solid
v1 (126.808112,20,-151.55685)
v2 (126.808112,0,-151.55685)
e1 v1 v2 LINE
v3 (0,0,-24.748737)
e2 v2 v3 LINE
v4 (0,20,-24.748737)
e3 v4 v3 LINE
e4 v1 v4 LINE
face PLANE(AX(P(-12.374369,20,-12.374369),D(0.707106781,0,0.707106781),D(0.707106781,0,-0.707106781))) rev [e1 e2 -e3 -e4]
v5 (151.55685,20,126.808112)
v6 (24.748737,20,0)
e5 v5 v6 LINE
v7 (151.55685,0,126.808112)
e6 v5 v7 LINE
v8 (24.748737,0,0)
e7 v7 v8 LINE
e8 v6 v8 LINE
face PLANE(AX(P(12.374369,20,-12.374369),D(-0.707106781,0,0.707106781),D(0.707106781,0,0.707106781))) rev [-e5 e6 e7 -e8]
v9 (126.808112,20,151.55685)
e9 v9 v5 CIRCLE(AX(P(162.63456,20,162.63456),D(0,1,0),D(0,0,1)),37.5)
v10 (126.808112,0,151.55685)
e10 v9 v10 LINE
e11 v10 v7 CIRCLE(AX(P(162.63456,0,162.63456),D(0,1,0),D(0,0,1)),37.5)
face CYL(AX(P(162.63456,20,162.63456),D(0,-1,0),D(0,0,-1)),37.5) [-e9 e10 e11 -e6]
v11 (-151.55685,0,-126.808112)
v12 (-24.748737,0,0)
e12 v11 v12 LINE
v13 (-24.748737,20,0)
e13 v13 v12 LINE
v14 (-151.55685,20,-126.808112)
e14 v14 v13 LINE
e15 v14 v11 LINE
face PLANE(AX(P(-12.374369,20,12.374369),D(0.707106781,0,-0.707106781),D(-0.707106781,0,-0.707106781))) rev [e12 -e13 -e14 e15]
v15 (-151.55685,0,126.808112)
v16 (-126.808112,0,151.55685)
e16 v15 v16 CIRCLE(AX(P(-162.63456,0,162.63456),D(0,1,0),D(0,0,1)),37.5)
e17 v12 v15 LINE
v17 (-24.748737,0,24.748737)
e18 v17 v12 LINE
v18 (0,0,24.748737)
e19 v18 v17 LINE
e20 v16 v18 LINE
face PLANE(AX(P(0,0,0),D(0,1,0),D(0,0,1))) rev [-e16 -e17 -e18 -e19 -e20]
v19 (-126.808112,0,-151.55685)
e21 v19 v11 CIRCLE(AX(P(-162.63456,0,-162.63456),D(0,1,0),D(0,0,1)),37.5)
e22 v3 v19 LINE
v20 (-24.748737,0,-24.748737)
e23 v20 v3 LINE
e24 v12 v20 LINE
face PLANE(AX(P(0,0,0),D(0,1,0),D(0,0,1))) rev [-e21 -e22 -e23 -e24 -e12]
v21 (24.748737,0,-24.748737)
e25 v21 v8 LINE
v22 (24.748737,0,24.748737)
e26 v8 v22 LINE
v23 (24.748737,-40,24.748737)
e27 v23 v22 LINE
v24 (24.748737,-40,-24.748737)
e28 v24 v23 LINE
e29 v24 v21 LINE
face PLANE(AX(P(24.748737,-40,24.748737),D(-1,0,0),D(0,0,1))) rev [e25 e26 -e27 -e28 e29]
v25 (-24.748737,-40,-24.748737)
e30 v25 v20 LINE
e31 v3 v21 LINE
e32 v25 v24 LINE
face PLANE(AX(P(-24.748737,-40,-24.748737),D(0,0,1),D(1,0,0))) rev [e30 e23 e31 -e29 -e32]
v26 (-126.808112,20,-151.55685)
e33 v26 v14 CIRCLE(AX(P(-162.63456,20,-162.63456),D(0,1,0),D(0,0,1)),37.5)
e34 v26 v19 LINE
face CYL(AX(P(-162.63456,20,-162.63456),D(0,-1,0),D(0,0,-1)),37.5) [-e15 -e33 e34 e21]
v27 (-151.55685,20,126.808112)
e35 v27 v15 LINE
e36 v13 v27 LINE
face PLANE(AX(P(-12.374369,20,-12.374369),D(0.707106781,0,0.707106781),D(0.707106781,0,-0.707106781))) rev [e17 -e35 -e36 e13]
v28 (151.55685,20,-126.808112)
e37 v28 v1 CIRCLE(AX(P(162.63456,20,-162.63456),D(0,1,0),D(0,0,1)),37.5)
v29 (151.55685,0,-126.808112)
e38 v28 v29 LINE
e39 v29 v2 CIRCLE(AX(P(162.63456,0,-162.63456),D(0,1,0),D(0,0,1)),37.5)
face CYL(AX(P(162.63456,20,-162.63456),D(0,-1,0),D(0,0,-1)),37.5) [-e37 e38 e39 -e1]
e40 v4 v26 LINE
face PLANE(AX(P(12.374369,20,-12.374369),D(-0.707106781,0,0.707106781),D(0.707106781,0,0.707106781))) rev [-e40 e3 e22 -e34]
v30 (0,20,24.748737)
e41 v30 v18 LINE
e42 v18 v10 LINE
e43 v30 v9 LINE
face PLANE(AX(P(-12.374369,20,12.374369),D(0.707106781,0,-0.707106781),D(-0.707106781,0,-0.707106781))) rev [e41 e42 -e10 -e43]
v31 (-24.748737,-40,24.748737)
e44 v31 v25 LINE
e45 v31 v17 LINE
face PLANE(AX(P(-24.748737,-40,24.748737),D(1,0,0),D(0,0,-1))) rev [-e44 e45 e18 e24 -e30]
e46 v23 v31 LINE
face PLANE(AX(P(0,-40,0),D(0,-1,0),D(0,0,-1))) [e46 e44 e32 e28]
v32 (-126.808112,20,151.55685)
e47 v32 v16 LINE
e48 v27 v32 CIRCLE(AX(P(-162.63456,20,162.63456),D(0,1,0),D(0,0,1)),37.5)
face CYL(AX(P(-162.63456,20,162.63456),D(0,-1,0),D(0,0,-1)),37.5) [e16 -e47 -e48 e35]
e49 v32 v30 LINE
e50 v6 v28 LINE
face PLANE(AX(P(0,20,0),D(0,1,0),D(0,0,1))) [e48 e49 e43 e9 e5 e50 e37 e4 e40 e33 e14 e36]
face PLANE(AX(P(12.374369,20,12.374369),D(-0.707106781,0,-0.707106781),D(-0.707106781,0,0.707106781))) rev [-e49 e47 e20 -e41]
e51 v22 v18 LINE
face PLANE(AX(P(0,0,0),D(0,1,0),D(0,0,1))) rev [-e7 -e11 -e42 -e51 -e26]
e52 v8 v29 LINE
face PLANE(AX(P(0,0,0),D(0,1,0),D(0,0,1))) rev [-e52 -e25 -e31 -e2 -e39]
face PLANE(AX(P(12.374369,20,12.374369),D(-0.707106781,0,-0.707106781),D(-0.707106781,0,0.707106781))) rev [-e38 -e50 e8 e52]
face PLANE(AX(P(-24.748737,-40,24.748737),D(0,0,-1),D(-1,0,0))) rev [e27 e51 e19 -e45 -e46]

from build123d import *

# Parameters (mm, degrees)
BOSS_EXTRUDE1_DEPTH = 20
SKETCH2_W           = 49.497474684
SKETCH2_H           = 49.497474684
BOSS_EXTRUDE2_DEPTH = 40


with BuildPart() as part:
    # Sketch1 → Boss-Extrude1 (new body)
    with BuildSketch(Plane(origin=(0, 0, 0), x_dir=(1, 0, 0), z_dir=(0, 1, 0))):
        with BuildLine():
            ThreePointArc((-126.808112203, -151.556849545), (-136.118055378, -136.118055378), (-151.556849545, -126.808112203))
            Line((-151.556849545, -126.808112203), (-175.008928344, -150.260191002))
            Line((-175.008928344, -150.260191002), (-150.260191002, -175.008928344))
            Line((-150.260191002, -175.008928344), (-126.808112203, -151.556849545))
        make_face()
        with BuildLine():
            Line((-175.008928344, -150.260191002), (-151.556849545, -126.808112203))
            ThreePointArc((-151.556849545, -126.808112203), (-192.814554121, -184.892545545), (-125.134559673, -162.634559673))
            ThreePointArc((-125.134559673, -162.634559673), (-125.555308196, -157.032853688), (-126.808112203, -151.556849545))
            Line((-126.808112203, -151.556849545), (-150.260191002, -175.008928344))
            Line((-150.260191002, -175.008928344), (-175.008928344, -150.260191002))
        make_face()
        with BuildLine():
            Line((-12.374368671, -12.374368671), (-24.748737342, 0))
            Line((-24.748737342, 0), (-151.556849545, -126.808112203))
            ThreePointArc((-151.556849545, -126.808112203), (-136.118055378, -136.118055378), (-126.808112203, -151.556849545))
            Line((-126.808112203, -151.556849545), (0, -24.748737342))
            Line((0, -24.748737342), (-12.374368671, -12.374368671))
        make_face()
        with BuildLine():
            ThreePointArc((-151.556849545, 126.808112203), (-136.118055378, 136.118055378), (-126.808112203, 151.556849545))
            Line((-126.808112203, 151.556849545), (-150.260191002, 175.008928344))
            Line((-150.260191002, 175.008928344), (-175.008928344, 150.260191002))
            Line((-175.008928344, 150.260191002), (-151.556849545, 126.808112203))
        make_face()
        with BuildLine():
            Line((-150.260191002, 175.008928344), (-126.808112203, 151.556849545))
            ThreePointArc((-126.808112203, 151.556849545), (-125.555308196, 157.032853688), (-125.134559673, 162.634559673))
            ThreePointArc((-125.134559673, 162.634559673), (-192.814554121, 184.892545545), (-151.556849545, 126.808112203))
            Line((-151.556849545, 126.808112203), (-175.008928344, 150.260191002))
            Line((-175.008928344, 150.260191002), (-150.260191002, 175.008928344))
        make_face()
        with BuildLine():
            Line((-24.748737342, 0), (-12.374368671, 12.374368671))
            Line((-12.374368671, 12.374368671), (0, 24.748737342))
            Line((0, 24.748737342), (-126.808112203, 151.556849545))
            ThreePointArc((-126.808112203, 151.556849545), (-136.118055378, 136.118055378), (-151.556849545, 126.808112203))
            Line((-151.556849545, 126.808112203), (-24.748737342, 0))
        make_face()
        with BuildLine():
            Line((126.808112203, 151.556849545), (0, 24.748737342))
            Line((0, 24.748737342), (12.374368671, 12.374368671))
            Line((12.374368671, 12.374368671), (24.748737342, 0))
            Line((24.748737342, 0), (151.556849545, 126.808112203))
            ThreePointArc((151.556849545, 126.808112203), (136.118055378, 136.118055378), (126.808112203, 151.556849545))
        make_face()
        with BuildLine():
            ThreePointArc((200.134559673, 162.634559673), (157.032853688, 199.713811149), (126.808112203, 151.556849545))
            Line((126.808112203, 151.556849545), (150.260191002, 175.008928344))
            Line((150.260191002, 175.008928344), (175.008928344, 150.260191002))
            Line((175.008928344, 150.260191002), (151.556849545, 126.808112203))
            ThreePointArc((151.556849545, 126.808112203), (184.892545545, 132.454565224), (200.134559673, 162.634559673))
        make_face()
        with BuildLine():
            Line((150.260191002, 175.008928344), (126.808112203, 151.556849545))
            ThreePointArc((126.808112203, 151.556849545), (136.118055378, 136.118055378), (151.556849545, 126.808112203))
            Line((151.556849545, 126.808112203), (175.008928344, 150.260191002))
            Line((175.008928344, 150.260191002), (150.260191002, 175.008928344))
        make_face()
        with BuildLine():
            Line((24.748737342, 0), (12.374368671, -12.374368671))
            Line((12.374368671, -12.374368671), (0, -24.748737342))
            Line((0, -24.748737342), (126.808112203, -151.556849545))
            ThreePointArc((126.808112203, -151.556849545), (136.118055378, -136.118055378), (151.556849545, -126.808112203))
            Line((151.556849545, -126.808112203), (24.748737342, 0))
        make_face()
        with BuildLine():
            ThreePointArc((200.134559673, -162.634559673), (184.892545545, -132.454565224), (151.556849545, -126.808112203))
            Line((151.556849545, -126.808112203), (175.008928344, -150.260191002))
            Line((175.008928344, -150.260191002), (150.260191002, -175.008928344))
            Line((150.260191002, -175.008928344), (126.808112203, -151.556849545))
            ThreePointArc((126.808112203, -151.556849545), (157.032853688, -199.713811149), (200.134559673, -162.634559673))
        make_face()
        with BuildLine():
            Line((175.008928344, -150.260191002), (151.556849545, -126.808112203))
            ThreePointArc((151.556849545, -126.808112203), (136.118055378, -136.118055378), (126.808112203, -151.556849545))
            Line((126.808112203, -151.556849545), (150.260191002, -175.008928344))
            Line((150.260191002, -175.008928344), (175.008928344, -150.260191002))
        make_face()
        Polygon((12.374368671, 12.374368671), (0, 0), (12.374368671, -12.374368671), (24.748737342, 0), align=None)
        Polygon((12.374368671, -12.374368671), (0, 0), (-12.374368671, -12.374368671), (0, -24.748737342), align=None)
        Polygon((0, 0), (-12.374368671, 12.374368671), (-24.748737342, 0), align=None)
        Polygon((0, 24.748737342), (-12.374368671, 12.374368671), (0, 0), (12.374368671, 12.374368671), align=None)
        Polygon((-12.374368671, -12.374368671), (0, 0), (-24.748737342, 0), align=None)
    extrude(amount=BOSS_EXTRUDE1_DEPTH)

    # Sketch2 → Boss-Extrude2 (add)
    with BuildSketch(Plane.XZ):
        Rectangle(SKETCH2_W, SKETCH2_H)
    extrude(amount=BOSS_EXTRUDE2_DEPTH)


solid = part.part
